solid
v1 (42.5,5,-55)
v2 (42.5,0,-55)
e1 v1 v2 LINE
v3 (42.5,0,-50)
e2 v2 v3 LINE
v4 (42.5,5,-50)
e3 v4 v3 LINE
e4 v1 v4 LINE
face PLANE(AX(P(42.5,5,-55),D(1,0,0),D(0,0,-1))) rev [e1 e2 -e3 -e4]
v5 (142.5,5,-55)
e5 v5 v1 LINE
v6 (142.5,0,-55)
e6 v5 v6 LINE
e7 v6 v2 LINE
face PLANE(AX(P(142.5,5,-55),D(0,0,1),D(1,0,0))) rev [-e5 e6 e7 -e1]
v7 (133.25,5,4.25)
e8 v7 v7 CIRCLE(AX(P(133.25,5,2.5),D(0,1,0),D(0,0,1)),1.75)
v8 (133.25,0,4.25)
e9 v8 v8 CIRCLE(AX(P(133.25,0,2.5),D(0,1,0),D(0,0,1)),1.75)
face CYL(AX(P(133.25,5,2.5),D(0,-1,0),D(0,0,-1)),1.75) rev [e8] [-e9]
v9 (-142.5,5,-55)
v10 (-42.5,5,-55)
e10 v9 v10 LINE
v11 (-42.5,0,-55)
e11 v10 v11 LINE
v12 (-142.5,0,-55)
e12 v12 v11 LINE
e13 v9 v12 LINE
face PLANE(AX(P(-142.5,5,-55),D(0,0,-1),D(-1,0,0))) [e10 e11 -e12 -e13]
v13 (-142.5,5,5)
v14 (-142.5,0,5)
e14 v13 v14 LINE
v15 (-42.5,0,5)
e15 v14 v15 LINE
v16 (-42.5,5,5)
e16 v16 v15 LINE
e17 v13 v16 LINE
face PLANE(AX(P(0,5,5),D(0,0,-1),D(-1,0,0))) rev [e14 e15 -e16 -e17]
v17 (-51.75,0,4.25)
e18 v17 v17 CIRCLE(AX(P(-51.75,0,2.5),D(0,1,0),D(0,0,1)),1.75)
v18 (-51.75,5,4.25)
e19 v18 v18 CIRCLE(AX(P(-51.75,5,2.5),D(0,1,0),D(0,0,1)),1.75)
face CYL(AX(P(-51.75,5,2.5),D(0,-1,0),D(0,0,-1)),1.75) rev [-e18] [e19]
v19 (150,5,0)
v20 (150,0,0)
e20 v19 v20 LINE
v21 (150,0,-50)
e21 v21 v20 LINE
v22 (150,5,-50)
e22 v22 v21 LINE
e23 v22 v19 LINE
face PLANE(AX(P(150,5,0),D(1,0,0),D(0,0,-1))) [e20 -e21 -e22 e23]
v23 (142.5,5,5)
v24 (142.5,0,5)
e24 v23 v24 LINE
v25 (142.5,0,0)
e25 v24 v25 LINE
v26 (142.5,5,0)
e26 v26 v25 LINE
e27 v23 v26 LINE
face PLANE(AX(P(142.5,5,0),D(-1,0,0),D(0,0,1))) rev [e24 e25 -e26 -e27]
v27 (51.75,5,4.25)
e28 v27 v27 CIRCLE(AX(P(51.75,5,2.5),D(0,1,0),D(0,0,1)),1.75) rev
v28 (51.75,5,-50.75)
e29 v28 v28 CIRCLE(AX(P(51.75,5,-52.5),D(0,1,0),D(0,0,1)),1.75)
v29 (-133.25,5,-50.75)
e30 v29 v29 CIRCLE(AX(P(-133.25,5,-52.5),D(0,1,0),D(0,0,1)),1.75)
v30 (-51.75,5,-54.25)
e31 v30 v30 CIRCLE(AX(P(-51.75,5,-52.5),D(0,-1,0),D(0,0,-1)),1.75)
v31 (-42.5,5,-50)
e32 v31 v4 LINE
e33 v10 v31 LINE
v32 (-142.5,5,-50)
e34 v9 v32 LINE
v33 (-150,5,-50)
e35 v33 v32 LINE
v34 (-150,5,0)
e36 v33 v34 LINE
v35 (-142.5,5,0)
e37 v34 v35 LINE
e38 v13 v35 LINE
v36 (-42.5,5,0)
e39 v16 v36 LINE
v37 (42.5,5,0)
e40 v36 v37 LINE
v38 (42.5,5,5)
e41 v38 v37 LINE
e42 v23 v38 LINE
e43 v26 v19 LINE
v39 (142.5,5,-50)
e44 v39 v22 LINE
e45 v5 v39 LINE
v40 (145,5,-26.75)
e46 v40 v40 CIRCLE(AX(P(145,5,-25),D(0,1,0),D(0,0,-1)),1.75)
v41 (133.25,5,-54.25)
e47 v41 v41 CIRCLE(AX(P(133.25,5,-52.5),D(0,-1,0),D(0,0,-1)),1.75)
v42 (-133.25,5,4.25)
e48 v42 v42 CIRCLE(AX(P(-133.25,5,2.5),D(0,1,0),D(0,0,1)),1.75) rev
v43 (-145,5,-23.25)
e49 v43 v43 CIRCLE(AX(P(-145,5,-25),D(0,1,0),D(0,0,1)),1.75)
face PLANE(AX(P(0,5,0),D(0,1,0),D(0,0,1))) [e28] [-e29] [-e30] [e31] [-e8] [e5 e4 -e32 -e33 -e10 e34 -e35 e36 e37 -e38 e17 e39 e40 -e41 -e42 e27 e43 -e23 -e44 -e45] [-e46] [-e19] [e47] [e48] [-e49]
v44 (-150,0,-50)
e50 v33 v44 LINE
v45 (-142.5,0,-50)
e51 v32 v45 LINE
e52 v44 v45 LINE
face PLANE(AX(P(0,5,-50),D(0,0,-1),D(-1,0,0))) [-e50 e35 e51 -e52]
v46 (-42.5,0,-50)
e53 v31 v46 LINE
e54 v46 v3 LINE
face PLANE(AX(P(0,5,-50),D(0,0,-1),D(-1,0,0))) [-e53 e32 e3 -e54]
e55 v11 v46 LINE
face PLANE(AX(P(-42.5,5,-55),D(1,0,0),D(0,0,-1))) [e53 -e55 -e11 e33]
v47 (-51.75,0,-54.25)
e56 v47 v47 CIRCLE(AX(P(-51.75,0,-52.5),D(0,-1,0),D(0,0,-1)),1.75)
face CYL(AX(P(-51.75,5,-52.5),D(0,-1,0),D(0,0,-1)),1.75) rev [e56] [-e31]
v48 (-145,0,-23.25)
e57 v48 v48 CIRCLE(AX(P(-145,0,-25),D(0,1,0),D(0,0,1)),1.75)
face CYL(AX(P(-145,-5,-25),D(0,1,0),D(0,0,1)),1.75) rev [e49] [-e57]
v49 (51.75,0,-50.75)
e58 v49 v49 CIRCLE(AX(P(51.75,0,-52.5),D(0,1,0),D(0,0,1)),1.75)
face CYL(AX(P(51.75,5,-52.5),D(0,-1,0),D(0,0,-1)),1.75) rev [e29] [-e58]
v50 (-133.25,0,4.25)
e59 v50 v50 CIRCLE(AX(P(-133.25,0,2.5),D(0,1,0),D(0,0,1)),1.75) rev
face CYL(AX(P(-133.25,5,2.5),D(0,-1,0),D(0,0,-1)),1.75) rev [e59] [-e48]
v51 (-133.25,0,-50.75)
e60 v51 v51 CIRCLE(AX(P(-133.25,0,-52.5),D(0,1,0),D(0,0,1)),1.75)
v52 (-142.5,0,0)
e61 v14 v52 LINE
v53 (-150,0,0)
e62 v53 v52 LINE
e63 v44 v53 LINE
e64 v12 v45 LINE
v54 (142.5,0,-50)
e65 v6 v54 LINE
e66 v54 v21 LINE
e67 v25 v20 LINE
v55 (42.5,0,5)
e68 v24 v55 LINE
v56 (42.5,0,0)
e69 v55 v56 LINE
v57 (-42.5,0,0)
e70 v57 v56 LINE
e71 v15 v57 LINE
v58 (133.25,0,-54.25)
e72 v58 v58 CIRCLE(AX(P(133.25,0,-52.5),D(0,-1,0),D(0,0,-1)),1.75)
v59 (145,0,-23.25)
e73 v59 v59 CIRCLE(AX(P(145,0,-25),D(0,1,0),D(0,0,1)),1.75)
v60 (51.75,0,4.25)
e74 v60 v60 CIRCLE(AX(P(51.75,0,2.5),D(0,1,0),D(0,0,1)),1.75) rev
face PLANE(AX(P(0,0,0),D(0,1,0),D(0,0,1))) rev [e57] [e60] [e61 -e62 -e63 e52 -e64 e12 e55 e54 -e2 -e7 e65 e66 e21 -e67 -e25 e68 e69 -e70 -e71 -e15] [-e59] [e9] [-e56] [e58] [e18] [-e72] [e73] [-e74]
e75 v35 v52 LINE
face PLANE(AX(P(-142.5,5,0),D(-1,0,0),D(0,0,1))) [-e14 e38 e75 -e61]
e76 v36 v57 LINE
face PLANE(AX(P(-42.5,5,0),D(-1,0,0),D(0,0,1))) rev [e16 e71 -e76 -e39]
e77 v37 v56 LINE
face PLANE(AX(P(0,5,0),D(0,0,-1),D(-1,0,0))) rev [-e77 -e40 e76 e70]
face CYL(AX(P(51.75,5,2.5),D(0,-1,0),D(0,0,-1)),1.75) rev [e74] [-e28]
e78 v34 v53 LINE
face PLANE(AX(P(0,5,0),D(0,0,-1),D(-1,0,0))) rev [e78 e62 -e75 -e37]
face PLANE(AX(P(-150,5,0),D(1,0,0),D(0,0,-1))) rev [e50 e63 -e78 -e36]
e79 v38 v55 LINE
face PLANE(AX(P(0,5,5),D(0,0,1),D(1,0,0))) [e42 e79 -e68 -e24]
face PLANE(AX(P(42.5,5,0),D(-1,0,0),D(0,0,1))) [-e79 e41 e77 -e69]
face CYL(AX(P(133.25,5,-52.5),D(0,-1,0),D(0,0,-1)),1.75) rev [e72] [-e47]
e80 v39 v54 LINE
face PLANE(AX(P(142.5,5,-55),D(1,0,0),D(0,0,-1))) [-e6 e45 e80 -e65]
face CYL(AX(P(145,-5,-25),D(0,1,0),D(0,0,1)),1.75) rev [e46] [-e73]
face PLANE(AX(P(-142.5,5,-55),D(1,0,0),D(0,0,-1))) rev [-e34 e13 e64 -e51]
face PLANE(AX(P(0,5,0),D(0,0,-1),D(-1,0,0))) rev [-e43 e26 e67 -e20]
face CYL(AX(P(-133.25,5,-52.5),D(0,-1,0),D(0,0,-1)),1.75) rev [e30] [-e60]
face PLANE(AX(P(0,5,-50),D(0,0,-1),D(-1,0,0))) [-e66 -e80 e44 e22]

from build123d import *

# Parameters (mm, degrees)
SKETCH1_W           = 100
SKETCH1_H           = 5
SKETCH1_R           = 1.75
SKETCH1_W_2         = 300
SKETCH1_H_2         = 50
BOSS_EXTRUDE1_DEPTH = 5
SKETCH2_R           = 1.75
CUT_EXTRUDE1_DEPTH  = 10


with BuildPart() as part:
    # Sketch1 → Boss-Extrude1 (new body)
    # profile 1 of 5: a face of its own
    with BuildSketch(Plane(origin=(0, 0, 0), x_dir=(1, 0, 0), z_dir=(0, 1, 0))):
        with Locations((-92.5, -2.5)):
            Rectangle(SKETCH1_W, SKETCH1_H)
        with Locations(Location((-51.75, -2.5, 0), (0, 0, 270))):
            Circle(SKETCH1_R, mode=Mode.SUBTRACT)
        with Locations(Location((-133.25, -2.5, 0), (0, 0, 270))):
            Circle(SKETCH1_R, mode=Mode.SUBTRACT)
    # profile 2 of 5: a face of its own
    with BuildSketch(Plane(origin=(0, 0, 0), x_dir=(1, 0, 0), z_dir=(0, 1, 0))):
        with Locations((0, 25)):
            Rectangle(SKETCH1_W_2, SKETCH1_H_2)
    # profile 3 of 5: a face of its own
    with BuildSketch(Plane(origin=(0, 0, 0), x_dir=(1, 0, 0), z_dir=(0, 1, 0))):
        with Locations((92.5, -2.5)):
            Rectangle(SKETCH1_W, SKETCH1_H)
        with Locations(Location((51.75, -2.5, 0), (0, 0, 270))):
            Circle(SKETCH1_R, mode=Mode.SUBTRACT)
        with Locations(Location((133.25, -2.5, 0), (0, 0, 270))):
            Circle(SKETCH1_R, mode=Mode.SUBTRACT)
    # profile 4 of 5: a face of its own
    with BuildSketch(Plane(origin=(0, 0, 0), x_dir=(1, 0, 0), z_dir=(0, 1, 0))):
        with Locations((92.5, 52.5)):
            Rectangle(SKETCH1_W, SKETCH1_H)
        with Locations(Location((133.25, 52.5, 0), (0, 0, 90))):
            Circle(SKETCH1_R, mode=Mode.SUBTRACT)
        with Locations(Location((51.75, 52.5, 0), (0, 0, 270))):
            Circle(SKETCH1_R, mode=Mode.SUBTRACT)
    # profile 5 of 5: a face of its own
    with BuildSketch(Plane(origin=(0, 0, 0), x_dir=(1, 0, 0), z_dir=(0, 1, 0))):
        with Locations((-92.5, 52.5)):
            Rectangle(SKETCH1_W, SKETCH1_H)
        with Locations(Location((-51.75, 52.5, 0), (0, 0, 90))):
            Circle(SKETCH1_R, mode=Mode.SUBTRACT)
        with Locations(Location((-133.25, 52.5, 0), (0, 0, 270))):
            Circle(SKETCH1_R, mode=Mode.SUBTRACT)
    extrude(amount=BOSS_EXTRUDE1_DEPTH)

    # Sketch2 → Cut-Extrude1 (cut)
    with BuildSketch(Plane(origin=(0, 5, 0), x_dir=(1, 0, 0), z_dir=(0, 1, 0))):
        with Locations(Location((-145, 25, 0), (0, 0, 270))):
            Circle(SKETCH2_R)
        with Locations(Location((145, 25, 0), (0, 0, 270))):
            Circle(SKETCH2_R)
    extrude(amount=-CUT_EXTRUDE1_DEPTH, mode=Mode.SUBTRACT)


solid = part.part
